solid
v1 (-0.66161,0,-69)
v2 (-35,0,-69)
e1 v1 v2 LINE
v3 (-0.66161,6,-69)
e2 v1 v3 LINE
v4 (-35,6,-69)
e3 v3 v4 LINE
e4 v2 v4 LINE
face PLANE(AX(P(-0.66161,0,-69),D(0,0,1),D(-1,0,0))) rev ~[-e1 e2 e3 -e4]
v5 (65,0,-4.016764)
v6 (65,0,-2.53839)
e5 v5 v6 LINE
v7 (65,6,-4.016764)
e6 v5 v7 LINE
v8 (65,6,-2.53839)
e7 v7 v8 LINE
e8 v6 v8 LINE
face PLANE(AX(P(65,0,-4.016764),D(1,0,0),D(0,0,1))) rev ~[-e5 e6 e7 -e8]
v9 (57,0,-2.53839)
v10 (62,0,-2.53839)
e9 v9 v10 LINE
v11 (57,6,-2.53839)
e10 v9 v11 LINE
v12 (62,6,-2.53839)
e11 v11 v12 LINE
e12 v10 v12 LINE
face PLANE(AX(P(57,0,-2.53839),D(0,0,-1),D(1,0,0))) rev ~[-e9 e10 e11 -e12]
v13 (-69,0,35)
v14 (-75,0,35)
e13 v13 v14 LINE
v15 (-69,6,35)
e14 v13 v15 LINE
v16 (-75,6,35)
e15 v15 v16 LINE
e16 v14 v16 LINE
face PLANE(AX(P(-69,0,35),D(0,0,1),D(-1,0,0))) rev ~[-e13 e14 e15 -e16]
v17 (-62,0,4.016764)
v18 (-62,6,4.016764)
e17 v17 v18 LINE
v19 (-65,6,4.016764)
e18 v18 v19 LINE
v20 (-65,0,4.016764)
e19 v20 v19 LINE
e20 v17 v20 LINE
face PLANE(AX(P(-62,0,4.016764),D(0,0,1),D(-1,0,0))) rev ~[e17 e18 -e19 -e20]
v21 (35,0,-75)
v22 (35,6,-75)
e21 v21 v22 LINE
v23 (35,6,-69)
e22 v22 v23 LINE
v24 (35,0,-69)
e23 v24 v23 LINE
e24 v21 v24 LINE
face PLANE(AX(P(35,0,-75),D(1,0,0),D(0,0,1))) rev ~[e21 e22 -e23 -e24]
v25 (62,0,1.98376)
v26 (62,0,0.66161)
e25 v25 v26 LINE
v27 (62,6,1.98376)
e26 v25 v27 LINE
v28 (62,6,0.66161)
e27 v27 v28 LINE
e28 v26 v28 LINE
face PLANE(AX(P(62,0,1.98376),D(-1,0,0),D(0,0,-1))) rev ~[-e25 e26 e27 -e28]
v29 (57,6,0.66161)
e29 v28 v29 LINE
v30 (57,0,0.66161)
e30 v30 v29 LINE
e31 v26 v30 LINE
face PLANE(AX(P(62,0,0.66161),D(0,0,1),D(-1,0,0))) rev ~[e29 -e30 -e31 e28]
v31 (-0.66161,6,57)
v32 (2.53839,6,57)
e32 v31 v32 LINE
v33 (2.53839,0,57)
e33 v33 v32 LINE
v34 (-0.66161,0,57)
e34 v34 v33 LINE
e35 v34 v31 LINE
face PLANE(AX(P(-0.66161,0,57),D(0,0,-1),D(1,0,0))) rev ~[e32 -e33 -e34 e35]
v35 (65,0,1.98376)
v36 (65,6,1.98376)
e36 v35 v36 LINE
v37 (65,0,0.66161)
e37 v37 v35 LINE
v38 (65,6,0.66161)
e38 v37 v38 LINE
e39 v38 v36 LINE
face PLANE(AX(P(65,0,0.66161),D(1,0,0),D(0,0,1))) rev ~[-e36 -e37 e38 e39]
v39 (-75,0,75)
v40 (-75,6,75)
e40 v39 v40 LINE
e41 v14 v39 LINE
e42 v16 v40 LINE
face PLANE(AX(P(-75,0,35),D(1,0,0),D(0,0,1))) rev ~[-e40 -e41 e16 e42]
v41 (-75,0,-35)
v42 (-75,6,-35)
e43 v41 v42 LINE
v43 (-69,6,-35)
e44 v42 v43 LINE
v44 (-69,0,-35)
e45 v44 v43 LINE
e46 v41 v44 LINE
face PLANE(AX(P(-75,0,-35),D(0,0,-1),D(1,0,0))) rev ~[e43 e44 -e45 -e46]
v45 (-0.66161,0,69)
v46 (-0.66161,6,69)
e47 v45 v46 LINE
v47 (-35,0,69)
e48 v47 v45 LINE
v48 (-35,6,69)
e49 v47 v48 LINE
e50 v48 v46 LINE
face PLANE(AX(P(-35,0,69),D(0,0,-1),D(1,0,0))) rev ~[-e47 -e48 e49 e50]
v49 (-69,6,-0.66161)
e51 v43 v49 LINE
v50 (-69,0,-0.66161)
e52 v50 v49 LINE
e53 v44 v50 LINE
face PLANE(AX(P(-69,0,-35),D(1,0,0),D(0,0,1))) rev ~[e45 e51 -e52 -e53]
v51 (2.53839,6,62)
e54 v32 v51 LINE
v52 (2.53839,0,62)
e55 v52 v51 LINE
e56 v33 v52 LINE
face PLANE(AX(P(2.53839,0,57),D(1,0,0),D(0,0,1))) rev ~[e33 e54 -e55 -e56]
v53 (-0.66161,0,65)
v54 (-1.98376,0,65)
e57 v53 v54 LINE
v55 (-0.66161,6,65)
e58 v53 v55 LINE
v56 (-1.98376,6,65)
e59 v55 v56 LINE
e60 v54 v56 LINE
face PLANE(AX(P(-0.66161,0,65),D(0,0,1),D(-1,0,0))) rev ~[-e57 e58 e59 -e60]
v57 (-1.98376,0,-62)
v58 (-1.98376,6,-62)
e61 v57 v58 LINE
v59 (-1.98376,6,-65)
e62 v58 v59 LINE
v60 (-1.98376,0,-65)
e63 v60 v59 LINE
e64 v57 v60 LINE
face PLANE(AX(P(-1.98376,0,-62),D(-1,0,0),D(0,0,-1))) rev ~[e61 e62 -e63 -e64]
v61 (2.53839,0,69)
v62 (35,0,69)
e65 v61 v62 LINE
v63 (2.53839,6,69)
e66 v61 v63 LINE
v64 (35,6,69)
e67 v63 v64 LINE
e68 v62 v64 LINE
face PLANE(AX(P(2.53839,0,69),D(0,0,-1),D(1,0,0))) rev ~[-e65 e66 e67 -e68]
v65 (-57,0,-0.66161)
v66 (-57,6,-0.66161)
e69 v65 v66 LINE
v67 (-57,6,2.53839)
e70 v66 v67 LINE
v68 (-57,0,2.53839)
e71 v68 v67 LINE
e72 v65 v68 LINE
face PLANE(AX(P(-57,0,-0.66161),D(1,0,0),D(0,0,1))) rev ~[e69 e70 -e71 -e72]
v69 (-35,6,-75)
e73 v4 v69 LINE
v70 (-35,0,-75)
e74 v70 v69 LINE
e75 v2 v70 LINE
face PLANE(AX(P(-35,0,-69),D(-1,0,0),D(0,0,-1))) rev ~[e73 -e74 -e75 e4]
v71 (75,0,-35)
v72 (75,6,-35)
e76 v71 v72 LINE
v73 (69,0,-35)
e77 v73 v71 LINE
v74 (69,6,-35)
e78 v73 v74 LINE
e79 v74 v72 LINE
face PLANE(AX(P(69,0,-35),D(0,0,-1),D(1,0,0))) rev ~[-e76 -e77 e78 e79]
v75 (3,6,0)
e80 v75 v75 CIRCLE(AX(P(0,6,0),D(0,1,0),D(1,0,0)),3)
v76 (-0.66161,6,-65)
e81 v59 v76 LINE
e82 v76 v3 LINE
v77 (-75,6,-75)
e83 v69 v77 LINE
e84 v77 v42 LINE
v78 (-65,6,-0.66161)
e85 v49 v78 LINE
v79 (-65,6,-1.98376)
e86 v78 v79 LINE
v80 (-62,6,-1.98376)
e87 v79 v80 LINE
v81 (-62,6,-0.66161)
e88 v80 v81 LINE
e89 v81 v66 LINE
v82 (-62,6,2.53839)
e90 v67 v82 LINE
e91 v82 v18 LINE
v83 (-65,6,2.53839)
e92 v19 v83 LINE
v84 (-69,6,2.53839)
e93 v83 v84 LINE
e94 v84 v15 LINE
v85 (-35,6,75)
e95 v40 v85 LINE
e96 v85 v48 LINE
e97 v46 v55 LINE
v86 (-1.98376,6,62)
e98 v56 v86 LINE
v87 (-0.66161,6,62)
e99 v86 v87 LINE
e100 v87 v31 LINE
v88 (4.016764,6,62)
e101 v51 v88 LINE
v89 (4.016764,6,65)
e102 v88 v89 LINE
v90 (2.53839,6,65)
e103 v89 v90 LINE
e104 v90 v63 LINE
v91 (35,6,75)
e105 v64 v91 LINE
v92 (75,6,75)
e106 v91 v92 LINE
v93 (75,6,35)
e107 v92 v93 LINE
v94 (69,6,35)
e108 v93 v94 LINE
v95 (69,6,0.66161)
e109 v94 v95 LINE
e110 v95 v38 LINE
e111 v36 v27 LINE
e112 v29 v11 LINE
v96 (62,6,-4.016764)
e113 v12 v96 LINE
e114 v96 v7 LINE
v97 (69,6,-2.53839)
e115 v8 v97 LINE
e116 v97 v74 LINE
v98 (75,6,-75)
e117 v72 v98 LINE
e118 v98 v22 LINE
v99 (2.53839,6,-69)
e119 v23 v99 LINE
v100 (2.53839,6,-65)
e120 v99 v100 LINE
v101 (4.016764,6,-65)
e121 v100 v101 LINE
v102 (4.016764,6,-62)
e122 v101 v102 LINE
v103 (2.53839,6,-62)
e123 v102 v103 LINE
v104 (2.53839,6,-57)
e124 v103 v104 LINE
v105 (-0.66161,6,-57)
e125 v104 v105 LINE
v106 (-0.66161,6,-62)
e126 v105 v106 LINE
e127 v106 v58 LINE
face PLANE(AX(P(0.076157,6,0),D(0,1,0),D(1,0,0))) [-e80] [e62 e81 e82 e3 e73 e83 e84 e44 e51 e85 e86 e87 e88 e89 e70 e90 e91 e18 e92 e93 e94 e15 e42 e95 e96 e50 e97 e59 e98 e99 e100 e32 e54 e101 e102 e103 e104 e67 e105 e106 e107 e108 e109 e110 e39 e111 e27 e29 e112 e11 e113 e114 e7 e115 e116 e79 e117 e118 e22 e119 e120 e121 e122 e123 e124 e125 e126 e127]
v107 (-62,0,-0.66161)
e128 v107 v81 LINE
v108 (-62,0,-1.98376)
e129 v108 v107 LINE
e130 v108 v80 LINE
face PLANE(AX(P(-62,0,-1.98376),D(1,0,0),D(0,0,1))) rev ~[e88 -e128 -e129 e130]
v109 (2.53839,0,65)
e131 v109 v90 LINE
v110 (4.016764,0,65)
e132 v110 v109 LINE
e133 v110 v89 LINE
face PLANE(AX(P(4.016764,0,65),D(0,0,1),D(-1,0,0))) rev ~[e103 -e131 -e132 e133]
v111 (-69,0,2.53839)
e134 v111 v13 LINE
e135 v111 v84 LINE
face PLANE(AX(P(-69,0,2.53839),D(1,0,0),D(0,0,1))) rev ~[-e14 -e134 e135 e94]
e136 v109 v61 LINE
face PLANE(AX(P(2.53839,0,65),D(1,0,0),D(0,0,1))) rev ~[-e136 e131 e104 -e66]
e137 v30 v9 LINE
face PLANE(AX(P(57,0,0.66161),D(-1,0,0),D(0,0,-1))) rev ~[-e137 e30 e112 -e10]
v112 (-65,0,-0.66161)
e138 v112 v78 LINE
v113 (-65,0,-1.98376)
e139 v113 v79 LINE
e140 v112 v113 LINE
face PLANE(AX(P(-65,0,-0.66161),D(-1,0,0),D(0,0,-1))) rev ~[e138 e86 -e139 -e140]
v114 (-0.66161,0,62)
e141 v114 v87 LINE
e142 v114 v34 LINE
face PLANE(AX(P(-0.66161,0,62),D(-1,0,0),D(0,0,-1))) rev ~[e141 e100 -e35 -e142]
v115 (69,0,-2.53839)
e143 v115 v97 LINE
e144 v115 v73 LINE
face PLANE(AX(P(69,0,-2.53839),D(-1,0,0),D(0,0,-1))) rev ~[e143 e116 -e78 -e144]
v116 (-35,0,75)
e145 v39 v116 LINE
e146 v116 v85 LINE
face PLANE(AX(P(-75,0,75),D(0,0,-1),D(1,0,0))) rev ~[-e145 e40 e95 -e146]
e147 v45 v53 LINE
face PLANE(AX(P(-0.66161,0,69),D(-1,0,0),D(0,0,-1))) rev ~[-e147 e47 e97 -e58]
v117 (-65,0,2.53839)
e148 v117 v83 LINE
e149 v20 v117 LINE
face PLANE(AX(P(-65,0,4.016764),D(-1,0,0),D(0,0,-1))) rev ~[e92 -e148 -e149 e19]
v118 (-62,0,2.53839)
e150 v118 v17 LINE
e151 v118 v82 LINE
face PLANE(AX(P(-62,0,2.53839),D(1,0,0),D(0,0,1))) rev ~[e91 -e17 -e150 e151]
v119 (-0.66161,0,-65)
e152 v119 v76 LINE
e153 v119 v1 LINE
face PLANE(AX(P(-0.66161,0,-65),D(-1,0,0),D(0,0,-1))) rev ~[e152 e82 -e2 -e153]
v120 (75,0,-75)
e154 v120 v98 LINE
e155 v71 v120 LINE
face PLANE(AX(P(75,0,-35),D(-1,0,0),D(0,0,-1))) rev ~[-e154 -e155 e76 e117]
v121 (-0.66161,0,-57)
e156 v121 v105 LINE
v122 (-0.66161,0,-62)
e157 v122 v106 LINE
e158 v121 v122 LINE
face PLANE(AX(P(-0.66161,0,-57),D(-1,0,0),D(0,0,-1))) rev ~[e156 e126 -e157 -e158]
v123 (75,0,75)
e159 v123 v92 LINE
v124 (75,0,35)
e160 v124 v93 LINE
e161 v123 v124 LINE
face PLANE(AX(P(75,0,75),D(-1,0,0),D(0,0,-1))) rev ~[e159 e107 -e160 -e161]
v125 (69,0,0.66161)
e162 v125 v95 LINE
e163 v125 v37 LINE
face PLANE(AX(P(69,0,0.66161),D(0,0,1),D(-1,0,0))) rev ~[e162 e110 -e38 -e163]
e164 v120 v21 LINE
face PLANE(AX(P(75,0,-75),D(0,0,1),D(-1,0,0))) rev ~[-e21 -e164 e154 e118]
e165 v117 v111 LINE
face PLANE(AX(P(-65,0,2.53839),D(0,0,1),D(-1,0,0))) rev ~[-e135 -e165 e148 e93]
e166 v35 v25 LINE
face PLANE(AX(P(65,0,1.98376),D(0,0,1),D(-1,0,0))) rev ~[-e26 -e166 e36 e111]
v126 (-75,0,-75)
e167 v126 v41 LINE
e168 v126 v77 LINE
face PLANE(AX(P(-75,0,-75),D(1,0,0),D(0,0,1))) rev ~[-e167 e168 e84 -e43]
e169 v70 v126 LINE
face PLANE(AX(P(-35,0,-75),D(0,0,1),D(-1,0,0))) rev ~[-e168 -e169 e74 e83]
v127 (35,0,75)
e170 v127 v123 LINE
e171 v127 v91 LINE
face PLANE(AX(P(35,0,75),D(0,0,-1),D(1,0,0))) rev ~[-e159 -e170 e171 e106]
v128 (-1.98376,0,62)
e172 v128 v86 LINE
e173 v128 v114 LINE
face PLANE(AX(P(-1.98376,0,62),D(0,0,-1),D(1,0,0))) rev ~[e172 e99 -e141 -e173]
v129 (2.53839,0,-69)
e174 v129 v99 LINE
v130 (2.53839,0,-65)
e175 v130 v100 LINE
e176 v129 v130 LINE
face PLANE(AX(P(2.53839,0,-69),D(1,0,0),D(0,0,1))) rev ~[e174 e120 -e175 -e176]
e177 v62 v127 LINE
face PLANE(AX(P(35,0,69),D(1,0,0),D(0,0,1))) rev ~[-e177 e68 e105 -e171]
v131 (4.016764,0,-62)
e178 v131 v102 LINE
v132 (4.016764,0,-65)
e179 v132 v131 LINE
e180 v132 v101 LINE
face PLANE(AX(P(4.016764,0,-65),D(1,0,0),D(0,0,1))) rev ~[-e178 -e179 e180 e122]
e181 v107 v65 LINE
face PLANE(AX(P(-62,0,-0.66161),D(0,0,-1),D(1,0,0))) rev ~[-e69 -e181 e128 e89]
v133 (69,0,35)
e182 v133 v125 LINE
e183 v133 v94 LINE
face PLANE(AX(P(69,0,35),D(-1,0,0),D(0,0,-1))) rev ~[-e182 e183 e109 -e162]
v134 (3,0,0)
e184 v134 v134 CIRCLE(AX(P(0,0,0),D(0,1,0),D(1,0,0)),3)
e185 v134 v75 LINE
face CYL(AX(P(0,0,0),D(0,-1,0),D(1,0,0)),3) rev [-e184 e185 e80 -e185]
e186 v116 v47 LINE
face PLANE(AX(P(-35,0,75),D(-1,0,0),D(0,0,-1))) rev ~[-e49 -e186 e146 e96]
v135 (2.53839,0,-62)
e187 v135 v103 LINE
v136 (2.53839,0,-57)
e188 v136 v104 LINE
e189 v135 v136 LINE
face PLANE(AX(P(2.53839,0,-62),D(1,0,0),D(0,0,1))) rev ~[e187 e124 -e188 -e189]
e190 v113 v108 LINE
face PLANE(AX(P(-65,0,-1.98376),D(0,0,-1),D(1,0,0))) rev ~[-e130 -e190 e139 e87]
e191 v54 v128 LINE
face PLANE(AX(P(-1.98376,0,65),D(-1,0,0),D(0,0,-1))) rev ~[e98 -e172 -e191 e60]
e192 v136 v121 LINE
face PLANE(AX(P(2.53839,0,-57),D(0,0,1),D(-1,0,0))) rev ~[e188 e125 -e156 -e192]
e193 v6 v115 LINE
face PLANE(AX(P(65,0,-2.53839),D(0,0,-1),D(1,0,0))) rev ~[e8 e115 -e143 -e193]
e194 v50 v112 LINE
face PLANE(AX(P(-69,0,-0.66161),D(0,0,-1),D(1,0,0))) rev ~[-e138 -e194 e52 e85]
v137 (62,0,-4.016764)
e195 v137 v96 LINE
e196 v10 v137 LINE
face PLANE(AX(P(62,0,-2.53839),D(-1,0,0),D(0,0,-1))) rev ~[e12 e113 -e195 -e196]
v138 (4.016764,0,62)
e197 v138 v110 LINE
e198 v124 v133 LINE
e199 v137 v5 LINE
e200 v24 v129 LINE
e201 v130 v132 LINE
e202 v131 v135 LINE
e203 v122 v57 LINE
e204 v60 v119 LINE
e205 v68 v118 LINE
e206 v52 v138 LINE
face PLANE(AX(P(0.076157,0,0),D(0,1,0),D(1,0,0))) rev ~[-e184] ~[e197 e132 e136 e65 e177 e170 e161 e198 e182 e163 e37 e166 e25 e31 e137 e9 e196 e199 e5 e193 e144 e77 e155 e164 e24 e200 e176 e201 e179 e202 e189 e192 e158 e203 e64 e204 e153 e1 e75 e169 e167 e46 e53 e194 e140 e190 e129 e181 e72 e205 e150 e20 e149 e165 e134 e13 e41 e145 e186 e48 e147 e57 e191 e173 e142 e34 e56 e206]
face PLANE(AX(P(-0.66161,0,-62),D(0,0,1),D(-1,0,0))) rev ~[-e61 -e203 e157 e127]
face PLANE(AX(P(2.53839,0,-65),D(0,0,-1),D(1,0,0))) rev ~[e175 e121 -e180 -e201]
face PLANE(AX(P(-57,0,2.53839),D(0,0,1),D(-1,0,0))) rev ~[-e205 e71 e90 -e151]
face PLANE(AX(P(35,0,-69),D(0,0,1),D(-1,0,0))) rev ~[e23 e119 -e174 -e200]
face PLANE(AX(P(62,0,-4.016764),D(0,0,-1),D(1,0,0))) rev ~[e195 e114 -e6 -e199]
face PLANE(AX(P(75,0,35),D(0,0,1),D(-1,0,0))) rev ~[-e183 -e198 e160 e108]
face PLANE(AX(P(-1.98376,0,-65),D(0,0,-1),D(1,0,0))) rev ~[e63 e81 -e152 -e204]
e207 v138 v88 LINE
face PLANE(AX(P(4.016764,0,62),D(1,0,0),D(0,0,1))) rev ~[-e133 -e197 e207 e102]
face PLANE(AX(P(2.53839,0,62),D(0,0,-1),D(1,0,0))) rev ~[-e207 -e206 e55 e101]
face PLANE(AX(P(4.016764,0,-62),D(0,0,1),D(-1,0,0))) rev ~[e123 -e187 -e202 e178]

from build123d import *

# Parameters (mm, degrees)
SKETCH1_R           = 3
BOSS_EXTRUDE1_DEPTH = 6


with BuildPart() as part:
    # Sketch1 → Boss-Extrude1 (new body)
    with BuildSketch(Plane(origin=(0, 0, 0), x_dir=(1, 0, 0), z_dir=(0, 1, 0))):
        Polygon((75, -35), (69, -35), (69, -0.661610306), (65, -0.661610306), (65, -1.98375967), (62, -1.98375967), (62, -0.661610306), (57, -0.661610306), (57, 2.538389694), (62, 2.538389694), (62, 4.016764367), (65, 4.016764367), (65, 2.538389694), (69, 2.538389694), (69, 35), (75, 35), (75, 75), (35, 75), (35, 69), (2.538389694, 69), (2.538389694, 65), (4.016764367, 65), (4.016764367, 62), (2.538389694, 62), (2.538389694, 57), (-0.661610306, 57), (-0.661610306, 62), (-1.98375967, 62), (-1.98375967, 65), (-0.661610306, 65), (-0.661610306, 69), (-35, 69), (-35, 75), (-75, 75), (-75, 35), (-69, 35), (-69, 0.661610306), (-65, 0.661610306), (-65, 1.98375967), (-62, 1.98375967), (-62, 0.661610306), (-57, 0.661610306), (-57, -2.538389694), (-62, -2.538389694), (-62, -4.016764367), (-65, -4.016764367), (-65, -2.538389694), (-69, -2.538389694), (-69, -35), (-75, -35), (-75, -75), (-35, -75), (-35, -69), (-0.661610306, -69), (-0.661610306, -65), (-1.98375967, -65), (-1.98375967, -62), (-0.661610306, -62), (-0.661610306, -57), (2.538389694, -57), (2.538389694, -62), (4.016764367, -62), (4.016764367, -65), (2.538389694, -65), (2.538389694, -69), (35, -69), (35, -75), (75, -75), align=None)
        Circle(SKETCH1_R, mode=Mode.SUBTRACT)
    extrude(amount=BOSS_EXTRUDE1_DEPTH)


solid = part.part
